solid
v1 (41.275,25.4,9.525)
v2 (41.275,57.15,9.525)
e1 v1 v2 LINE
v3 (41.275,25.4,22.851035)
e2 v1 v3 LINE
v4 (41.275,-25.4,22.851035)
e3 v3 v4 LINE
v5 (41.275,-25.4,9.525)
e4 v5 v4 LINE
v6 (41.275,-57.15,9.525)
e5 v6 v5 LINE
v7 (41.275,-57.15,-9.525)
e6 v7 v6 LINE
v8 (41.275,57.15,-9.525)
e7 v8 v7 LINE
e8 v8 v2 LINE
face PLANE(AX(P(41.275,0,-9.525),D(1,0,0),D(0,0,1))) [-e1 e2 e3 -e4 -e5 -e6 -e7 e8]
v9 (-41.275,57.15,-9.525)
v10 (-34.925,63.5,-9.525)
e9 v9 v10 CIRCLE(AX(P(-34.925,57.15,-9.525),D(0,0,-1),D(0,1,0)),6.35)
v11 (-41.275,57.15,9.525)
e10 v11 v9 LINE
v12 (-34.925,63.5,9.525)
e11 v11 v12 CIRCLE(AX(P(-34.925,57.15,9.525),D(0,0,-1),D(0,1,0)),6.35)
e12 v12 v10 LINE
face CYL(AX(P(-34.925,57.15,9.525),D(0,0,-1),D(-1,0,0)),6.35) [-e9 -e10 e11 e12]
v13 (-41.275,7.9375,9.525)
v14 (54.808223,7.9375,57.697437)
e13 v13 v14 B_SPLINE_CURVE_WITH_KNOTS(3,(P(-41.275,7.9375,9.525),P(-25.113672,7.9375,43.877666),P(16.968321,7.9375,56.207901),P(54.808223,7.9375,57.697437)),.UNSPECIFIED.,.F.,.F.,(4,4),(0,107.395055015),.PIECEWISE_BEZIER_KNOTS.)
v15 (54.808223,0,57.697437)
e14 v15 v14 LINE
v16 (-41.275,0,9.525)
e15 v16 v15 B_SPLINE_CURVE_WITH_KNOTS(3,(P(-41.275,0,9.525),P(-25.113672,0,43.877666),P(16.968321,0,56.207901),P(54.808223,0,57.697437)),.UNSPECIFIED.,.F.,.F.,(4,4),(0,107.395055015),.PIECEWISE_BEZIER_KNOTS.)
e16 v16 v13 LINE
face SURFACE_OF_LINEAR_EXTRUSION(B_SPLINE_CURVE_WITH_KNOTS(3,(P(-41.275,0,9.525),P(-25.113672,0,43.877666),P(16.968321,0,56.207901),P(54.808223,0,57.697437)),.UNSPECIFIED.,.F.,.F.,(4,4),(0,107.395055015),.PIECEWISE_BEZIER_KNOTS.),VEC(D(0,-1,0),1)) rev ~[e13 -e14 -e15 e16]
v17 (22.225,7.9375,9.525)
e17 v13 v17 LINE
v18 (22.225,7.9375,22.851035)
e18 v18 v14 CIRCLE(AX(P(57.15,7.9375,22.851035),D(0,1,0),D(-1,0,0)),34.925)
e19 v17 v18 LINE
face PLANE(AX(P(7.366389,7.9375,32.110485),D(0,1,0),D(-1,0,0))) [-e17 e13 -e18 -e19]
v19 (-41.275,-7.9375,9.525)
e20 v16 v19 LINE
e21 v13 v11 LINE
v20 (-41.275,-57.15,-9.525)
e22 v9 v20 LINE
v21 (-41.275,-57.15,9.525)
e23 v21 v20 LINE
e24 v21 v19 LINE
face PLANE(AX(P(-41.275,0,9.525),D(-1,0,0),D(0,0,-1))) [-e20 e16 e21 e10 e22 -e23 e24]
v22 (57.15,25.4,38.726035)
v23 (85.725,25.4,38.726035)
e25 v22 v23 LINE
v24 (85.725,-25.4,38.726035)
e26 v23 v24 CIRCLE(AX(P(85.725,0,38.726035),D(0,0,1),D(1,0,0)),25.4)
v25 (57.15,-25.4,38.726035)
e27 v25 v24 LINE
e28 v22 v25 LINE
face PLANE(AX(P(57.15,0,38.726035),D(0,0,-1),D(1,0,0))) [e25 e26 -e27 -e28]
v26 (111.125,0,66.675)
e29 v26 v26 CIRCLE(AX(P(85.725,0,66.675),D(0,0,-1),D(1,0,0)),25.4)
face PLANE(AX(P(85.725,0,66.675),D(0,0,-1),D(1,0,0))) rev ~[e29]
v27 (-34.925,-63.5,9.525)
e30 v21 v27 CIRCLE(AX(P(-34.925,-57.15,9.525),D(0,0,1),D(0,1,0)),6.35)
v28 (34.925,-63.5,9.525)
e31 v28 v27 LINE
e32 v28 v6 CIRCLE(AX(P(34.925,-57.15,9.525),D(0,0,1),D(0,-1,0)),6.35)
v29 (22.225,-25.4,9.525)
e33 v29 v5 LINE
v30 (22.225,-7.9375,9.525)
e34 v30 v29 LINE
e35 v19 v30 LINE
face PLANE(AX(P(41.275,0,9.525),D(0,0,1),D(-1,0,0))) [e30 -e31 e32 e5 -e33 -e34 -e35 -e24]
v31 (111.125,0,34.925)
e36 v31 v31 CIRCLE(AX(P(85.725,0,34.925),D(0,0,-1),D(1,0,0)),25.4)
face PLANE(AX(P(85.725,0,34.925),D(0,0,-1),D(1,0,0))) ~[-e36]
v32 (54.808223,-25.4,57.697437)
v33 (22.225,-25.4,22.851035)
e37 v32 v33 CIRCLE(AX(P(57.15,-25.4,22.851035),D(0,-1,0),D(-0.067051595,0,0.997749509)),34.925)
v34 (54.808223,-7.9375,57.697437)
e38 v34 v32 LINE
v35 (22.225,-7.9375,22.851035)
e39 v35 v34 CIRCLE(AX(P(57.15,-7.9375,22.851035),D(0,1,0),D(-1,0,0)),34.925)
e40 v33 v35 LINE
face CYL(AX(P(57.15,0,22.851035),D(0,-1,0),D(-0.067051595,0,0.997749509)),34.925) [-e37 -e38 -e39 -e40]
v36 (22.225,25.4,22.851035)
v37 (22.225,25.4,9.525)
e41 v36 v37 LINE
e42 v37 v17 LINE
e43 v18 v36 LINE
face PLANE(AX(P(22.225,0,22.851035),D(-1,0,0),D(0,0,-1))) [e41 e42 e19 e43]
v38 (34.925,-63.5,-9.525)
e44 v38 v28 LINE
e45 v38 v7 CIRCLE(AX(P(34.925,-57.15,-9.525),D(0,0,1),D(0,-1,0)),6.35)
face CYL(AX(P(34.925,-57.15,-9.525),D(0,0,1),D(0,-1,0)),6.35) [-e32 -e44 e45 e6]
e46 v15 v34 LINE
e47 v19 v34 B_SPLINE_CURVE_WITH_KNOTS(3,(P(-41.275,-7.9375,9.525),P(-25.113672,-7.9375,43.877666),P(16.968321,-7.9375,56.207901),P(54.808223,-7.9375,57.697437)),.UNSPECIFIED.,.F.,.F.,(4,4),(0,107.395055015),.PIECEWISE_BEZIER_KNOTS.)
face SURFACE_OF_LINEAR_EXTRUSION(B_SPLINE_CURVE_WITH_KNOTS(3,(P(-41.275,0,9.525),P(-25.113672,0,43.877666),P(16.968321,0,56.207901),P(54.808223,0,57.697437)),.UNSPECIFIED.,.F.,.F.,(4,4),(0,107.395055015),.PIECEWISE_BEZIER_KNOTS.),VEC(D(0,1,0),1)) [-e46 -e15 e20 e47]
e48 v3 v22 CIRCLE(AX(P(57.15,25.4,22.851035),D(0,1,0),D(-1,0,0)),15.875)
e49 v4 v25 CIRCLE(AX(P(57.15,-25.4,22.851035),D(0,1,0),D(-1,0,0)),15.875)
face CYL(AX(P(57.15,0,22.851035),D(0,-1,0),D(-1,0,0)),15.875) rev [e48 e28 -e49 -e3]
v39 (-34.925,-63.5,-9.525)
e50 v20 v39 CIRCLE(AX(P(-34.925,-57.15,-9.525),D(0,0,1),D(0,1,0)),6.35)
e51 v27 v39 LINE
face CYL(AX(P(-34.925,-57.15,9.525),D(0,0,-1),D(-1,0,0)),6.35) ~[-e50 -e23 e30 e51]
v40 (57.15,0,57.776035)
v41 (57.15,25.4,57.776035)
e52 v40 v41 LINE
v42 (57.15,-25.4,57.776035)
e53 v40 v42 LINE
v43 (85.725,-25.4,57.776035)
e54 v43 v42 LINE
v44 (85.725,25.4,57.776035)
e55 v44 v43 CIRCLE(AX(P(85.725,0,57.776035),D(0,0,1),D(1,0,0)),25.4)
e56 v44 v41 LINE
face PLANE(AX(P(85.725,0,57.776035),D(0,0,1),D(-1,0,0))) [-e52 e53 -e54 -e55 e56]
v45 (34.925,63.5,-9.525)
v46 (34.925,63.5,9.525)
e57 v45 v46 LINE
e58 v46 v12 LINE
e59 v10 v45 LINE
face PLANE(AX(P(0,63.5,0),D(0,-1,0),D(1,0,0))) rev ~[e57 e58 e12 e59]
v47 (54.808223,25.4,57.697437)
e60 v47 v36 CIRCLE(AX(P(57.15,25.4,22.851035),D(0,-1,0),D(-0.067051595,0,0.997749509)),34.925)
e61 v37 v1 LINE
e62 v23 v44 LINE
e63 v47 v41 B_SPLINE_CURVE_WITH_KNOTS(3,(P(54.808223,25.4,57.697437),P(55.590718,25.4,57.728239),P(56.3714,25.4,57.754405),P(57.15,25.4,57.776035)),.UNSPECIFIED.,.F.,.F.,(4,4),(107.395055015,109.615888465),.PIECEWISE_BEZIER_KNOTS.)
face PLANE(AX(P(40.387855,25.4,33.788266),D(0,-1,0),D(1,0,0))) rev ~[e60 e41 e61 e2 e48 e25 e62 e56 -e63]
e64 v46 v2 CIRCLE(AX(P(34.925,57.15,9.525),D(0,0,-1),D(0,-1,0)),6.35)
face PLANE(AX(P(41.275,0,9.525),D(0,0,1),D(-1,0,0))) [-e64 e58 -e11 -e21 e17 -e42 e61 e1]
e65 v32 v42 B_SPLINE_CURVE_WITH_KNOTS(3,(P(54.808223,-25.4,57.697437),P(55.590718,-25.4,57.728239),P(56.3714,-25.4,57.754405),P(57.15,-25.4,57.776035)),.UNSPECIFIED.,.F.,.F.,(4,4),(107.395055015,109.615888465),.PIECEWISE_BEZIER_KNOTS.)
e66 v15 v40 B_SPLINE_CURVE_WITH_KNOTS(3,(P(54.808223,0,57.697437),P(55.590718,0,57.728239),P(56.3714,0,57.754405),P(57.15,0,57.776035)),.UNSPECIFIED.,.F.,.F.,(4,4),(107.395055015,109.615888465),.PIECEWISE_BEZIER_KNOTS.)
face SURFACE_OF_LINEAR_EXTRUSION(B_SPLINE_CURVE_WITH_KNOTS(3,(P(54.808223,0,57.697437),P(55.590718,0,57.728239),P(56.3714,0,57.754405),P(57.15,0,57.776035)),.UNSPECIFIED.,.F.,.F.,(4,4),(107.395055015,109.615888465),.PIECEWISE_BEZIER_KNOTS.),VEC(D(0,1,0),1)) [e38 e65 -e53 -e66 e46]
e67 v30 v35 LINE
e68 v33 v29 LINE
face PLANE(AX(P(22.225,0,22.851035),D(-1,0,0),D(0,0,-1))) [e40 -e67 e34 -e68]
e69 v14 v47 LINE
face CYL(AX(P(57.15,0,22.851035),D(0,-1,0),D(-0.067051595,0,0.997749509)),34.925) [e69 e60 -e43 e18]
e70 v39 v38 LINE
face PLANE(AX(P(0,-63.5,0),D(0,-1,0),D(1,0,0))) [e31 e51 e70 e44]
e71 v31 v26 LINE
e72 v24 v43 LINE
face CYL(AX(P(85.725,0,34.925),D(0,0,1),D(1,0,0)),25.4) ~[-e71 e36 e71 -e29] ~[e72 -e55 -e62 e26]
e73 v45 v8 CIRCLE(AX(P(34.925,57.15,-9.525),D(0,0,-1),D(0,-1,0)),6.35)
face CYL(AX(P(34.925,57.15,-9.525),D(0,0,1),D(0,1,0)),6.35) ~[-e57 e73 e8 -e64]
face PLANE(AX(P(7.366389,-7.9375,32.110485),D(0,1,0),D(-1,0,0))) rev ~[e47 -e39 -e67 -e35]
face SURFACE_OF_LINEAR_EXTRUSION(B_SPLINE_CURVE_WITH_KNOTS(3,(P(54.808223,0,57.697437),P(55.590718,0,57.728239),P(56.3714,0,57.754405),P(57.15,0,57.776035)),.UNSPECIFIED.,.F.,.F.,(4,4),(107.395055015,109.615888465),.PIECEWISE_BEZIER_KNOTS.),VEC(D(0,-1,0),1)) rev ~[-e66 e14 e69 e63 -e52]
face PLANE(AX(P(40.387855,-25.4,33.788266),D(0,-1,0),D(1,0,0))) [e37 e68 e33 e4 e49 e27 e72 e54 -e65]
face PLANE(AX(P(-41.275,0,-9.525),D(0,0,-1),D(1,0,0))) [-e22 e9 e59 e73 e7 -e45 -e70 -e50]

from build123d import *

# Parameters (mm, degrees)
F1_DEPTH = 63.5
F0_W     = 25.4
F0_H     = 19.0500000358
F2_DEPTH = 25.4
F4_DEPTH = 7.9375
F5_R     = 6.35


with BuildPart() as f1:
    # F0 (on Front) → F1 (new body, symmetric)
    with BuildSketch(Plane.XZ):
        Polygon((22.2249999642, 9.525), (-41.275, 9.525), (-41.275, -9.525), (41.275, -9.525), (41.275, 9.525), align=None)
    extrude(amount=F1_DEPTH, both=True)

    # F0 (on Front) → F2 (join, symmetric)
    with BuildSketch(Plane.XZ):
        with BuildLine():
            Line((22.2249999642, 22.8510349691), (22.2249999642, 9.525))
            Line((22.2249999642, 9.525), (41.275, 9.525))
            Line((41.275, 9.525), (41.275, 22.8510349691))
            ThreePointArc((41.275, 22.8510349691), (45.9246798487, 34.0763551205), (57.15, 38.7260349691))
            Line((57.15, 38.7260349691), (60.325, 38.7260349691))
            Line((60.325, 38.7260349691), (60.325, 57.7760350049))
            Line((60.325, 57.7760350049), (57.15, 57.7760350049))
            add(Edge.make_bspline(
                [(54.8082230388, 57.6974366221), (55.5907182934, 57.7282388811), (56.3713995227, 57.7544053824), (57.15, 57.7760350049)],
                knots=[107.3950550145, 107.3950550145, 107.3950550145, 107.3950550145, 109.6158884653, 109.6158884653, 109.6158884653, 109.6158884653], degree=3))
            ThreePointArc((54.8082230388, 57.6974366221), (31.6397845173, 46.7044316564), (22.2249999642, 22.8510349691))
        make_face()
        with Locations((73.025, 48.251034987)):
            Rectangle(F0_W, F0_H)
    extrude(amount=F2_DEPTH, both=True)

    # F0 (on Front) → F3 (revolve)
    with BuildSketch(Plane.XZ):
        Polygon((85.725, 66.675), (85.725, 57.7760350049), (85.725, 38.7260349691), (85.725, 34.925), (111.125, 34.925), (111.125, 66.675), align=None)
    revolve(axis=Axis((85.725, 0, 50.8), (0, 0, -1)))

    # F0 (on Front) → F4 (join, symmetric)
    with BuildSketch(Plane.XZ):
        with BuildLine():
            add(Edge.make_bspline(
                [(-41.275, 9.525), (-25.1136724024, 43.8776656842), (16.9683206865, 56.2079011061), (54.8082230388, 57.6974366221)],
                knots=[0, 0, 0, 0, 107.3950550145, 107.3950550145, 107.3950550145, 107.3950550145], degree=3))
            Line((-41.275, 9.525), (22.2249999642, 9.525))
            Line((22.2249999642, 9.525), (22.2249999642, 22.8510349691))
            ThreePointArc((22.2249999642, 22.8510349691), (31.6397845173, 46.7044316564), (54.8082230388, 57.6974366221))
        make_face()
    extrude(amount=F4_DEPTH, both=True)

    # F5
    f5_edges = [f1.edges().sort_by_distance(p)[0] for p in [
        (41.275, 63.5, 0),
        (-41.275, 63.5, 0),
        (41.275, -63.5, 0),
        (-41.275, -63.5, 0),
    ]]
    fillet(f5_edges, radius=F5_R)


solid = f1.part
